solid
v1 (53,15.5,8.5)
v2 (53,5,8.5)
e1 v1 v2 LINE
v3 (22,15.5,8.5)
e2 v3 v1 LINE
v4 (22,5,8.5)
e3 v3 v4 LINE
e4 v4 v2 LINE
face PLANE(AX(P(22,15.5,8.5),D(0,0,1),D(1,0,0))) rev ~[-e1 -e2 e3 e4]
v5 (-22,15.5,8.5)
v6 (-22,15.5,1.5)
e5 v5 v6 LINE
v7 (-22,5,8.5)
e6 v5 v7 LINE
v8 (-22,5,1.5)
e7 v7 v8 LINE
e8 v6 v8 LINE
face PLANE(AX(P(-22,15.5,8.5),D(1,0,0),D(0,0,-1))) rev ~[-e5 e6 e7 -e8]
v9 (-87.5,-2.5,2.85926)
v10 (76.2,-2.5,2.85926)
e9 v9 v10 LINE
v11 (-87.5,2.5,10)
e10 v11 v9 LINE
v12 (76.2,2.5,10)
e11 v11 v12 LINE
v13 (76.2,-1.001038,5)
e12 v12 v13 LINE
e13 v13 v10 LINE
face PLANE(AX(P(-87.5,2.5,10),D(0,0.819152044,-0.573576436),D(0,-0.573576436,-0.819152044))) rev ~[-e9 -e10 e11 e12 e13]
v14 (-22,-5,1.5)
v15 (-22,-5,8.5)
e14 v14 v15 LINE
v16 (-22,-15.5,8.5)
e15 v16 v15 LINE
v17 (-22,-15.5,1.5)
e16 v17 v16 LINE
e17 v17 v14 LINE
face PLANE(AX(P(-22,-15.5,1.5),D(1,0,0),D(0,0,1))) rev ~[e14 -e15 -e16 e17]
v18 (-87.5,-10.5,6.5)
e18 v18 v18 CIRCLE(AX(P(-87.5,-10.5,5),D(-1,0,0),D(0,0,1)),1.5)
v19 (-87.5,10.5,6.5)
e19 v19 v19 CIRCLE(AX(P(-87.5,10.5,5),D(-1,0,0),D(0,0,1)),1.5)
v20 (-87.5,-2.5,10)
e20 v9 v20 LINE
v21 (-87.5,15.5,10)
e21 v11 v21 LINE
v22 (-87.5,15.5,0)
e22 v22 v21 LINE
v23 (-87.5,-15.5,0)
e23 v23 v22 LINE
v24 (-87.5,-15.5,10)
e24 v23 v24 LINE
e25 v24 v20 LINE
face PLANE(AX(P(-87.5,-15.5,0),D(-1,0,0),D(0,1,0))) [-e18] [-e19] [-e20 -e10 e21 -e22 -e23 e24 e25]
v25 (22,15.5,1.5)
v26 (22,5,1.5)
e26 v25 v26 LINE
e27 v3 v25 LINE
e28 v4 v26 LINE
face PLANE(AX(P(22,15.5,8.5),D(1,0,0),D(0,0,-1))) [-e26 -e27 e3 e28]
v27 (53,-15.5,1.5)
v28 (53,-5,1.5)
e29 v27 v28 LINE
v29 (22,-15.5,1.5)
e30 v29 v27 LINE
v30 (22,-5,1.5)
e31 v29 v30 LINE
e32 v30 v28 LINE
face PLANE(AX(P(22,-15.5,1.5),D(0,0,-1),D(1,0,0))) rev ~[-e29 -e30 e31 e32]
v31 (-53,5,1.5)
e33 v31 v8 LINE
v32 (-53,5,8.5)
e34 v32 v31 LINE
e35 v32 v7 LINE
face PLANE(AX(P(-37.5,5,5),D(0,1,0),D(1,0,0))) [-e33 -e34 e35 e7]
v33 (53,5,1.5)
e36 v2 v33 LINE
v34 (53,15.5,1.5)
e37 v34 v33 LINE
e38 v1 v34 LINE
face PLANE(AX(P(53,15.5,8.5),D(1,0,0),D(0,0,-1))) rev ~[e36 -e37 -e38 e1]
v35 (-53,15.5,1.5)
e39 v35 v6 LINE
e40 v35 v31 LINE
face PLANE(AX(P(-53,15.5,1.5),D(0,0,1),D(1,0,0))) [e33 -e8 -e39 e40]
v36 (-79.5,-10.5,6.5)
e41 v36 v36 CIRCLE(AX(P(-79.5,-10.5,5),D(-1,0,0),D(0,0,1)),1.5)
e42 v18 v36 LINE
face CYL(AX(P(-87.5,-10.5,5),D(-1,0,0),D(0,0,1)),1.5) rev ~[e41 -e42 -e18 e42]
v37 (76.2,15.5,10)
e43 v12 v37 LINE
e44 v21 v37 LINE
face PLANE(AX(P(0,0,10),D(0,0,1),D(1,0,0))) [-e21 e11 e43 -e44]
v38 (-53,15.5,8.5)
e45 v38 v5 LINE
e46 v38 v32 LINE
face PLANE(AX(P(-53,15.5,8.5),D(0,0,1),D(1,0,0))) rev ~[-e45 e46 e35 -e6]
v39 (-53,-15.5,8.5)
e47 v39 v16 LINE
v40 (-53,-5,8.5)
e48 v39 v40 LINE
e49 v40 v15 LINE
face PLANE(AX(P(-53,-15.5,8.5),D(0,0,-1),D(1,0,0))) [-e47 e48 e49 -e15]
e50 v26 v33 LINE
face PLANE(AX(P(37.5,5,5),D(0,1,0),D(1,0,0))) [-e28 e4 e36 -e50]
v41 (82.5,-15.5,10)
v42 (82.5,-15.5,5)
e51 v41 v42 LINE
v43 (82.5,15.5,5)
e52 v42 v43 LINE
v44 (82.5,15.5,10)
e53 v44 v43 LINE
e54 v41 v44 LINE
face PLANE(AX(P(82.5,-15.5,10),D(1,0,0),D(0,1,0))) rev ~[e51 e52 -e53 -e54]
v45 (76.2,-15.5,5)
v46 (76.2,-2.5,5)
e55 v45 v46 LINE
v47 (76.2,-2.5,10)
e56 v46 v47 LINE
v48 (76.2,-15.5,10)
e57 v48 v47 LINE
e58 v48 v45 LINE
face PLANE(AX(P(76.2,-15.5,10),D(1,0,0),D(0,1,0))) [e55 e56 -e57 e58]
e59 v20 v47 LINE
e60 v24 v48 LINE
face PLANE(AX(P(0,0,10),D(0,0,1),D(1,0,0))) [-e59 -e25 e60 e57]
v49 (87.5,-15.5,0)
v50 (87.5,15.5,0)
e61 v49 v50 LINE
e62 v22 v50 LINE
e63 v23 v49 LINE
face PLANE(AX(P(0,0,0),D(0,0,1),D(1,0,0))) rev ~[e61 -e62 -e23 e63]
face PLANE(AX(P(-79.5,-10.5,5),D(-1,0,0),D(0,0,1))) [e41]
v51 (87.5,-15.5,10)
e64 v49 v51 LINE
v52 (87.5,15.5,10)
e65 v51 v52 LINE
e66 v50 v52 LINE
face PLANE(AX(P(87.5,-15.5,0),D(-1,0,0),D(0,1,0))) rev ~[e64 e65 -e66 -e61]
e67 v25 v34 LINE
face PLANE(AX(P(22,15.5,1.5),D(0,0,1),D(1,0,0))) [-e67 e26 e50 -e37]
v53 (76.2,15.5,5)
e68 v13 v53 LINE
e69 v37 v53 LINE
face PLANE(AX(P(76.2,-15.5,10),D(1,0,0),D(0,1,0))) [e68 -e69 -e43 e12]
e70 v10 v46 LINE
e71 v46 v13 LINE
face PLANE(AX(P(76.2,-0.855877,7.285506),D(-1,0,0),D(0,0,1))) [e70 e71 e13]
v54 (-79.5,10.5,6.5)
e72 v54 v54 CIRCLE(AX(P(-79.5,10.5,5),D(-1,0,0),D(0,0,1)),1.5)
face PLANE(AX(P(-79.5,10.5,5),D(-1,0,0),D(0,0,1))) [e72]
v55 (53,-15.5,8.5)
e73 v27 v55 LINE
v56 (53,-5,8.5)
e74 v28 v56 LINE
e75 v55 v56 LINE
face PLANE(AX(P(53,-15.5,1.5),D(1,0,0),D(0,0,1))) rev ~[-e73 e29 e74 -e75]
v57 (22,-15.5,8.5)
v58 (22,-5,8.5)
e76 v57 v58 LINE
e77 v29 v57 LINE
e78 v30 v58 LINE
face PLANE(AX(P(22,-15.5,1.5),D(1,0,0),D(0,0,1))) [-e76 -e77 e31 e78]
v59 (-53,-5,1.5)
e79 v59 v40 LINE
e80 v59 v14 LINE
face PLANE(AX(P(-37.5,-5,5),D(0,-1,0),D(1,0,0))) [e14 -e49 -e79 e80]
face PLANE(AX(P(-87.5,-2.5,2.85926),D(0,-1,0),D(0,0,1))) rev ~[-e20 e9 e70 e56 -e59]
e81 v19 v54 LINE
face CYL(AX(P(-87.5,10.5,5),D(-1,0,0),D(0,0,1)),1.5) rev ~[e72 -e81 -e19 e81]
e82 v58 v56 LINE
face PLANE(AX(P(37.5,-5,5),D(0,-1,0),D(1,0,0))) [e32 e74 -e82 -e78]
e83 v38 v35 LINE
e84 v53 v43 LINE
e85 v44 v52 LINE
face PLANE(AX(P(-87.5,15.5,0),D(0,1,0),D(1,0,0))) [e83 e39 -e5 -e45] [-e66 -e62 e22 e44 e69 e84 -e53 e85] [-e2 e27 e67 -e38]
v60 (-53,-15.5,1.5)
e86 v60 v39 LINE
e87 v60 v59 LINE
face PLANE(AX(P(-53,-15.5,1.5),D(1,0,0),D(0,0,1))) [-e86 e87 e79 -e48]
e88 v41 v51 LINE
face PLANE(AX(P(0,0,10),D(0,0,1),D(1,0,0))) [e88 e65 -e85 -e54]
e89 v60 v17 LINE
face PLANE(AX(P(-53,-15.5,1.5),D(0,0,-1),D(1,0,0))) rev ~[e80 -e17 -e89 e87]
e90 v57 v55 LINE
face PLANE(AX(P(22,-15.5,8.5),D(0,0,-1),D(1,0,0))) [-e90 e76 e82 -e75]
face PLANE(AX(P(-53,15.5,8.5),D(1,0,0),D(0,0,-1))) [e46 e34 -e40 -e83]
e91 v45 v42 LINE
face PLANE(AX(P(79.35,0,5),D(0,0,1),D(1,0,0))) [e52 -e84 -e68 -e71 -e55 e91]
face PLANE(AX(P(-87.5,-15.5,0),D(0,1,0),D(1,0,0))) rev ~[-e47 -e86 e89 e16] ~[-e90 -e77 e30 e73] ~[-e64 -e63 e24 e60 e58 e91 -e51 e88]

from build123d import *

# Parameters (mm, degrees)
ESBO_O1_W                = 175
ESBO_O1_H                = 31
RESSALTO_EXTRUS_O1_DEPTH = 10
ESBO_O2_W                = 31
ESBO_O2_H                = 7
CORTE_EXTRUS_O1_DEPTH    = 10.5
ESBO_O3_W                = 31
ESBO_O3_H                = 7
CORTE_EXTRUS_O2_DEPTH    = 10.5
ESBO_O5_R                = 1.5
CORTE_EXTRUS_O4_DEPTH    = 8
ESBO_O7_W                = 6.3
ESBO_O7_H                = 31
CORTE_EXTRUS_O6_DEPTH    = 5
CORTE_EXTRUS_O7_DEPTH    = 163.7


with BuildPart() as part:
    # Esboço1 → Ressalto-extrusão1 (new body)
    with BuildSketch(Plane.XY):
        Rectangle(ESBO_O1_W, ESBO_O1_H)
    extrude(amount=RESSALTO_EXTRUS_O1_DEPTH)

    # Esboço2 → Corte-extrusão1 (cut)
    with BuildSketch(Plane(origin=(0, 15.5, 0), x_dir=(1, 0, 0), z_dir=(0, 1, 0))):
        with Locations((-37.5, -5)):
            Rectangle(ESBO_O2_W, ESBO_O2_H)
        with Locations((37.5, -5)):
            Rectangle(ESBO_O2_W, ESBO_O2_H)
    extrude(amount=-CORTE_EXTRUS_O1_DEPTH, mode=Mode.SUBTRACT)

    # Esboço3 → Corte-extrusão2 (cut)
    with BuildSketch(Plane.XZ.offset(15.5)):
        with Locations((-37.5, 5)):
            Rectangle(ESBO_O3_W, ESBO_O3_H)
        with Locations((37.5, 5)):
            Rectangle(ESBO_O3_W, ESBO_O3_H)
    extrude(amount=-CORTE_EXTRUS_O2_DEPTH, mode=Mode.SUBTRACT)

    # Esboço5 → Corte-extrusão4 (cut)
    with BuildSketch(Plane.ZY.offset(87.5)):
        with Locations((5, 10.5)):
            Circle(ESBO_O5_R)
        with Locations((5, -10.5)):
            Circle(ESBO_O5_R)
    extrude(amount=-CORTE_EXTRUS_O4_DEPTH, mode=Mode.SUBTRACT)

    # Esboço7 → Corte-extrusão6 (cut)
    with BuildSketch(Plane.XY.offset(10)):
        with Locations((79.35, 0)):
            Rectangle(ESBO_O7_W, ESBO_O7_H)
    extrude(amount=-CORTE_EXTRUS_O6_DEPTH, mode=Mode.SUBTRACT)

    # Esboço8 → Corte-extrusão7 (cut)
    with BuildSketch(Plane.ZY.offset(87.5)):
        Polygon((10, 2.5), (2.859259966, -2.5), (10, -2.5), align=None)
    extrude(amount=-CORTE_EXTRUS_O7_DEPTH, mode=Mode.SUBTRACT)


solid = part.part
